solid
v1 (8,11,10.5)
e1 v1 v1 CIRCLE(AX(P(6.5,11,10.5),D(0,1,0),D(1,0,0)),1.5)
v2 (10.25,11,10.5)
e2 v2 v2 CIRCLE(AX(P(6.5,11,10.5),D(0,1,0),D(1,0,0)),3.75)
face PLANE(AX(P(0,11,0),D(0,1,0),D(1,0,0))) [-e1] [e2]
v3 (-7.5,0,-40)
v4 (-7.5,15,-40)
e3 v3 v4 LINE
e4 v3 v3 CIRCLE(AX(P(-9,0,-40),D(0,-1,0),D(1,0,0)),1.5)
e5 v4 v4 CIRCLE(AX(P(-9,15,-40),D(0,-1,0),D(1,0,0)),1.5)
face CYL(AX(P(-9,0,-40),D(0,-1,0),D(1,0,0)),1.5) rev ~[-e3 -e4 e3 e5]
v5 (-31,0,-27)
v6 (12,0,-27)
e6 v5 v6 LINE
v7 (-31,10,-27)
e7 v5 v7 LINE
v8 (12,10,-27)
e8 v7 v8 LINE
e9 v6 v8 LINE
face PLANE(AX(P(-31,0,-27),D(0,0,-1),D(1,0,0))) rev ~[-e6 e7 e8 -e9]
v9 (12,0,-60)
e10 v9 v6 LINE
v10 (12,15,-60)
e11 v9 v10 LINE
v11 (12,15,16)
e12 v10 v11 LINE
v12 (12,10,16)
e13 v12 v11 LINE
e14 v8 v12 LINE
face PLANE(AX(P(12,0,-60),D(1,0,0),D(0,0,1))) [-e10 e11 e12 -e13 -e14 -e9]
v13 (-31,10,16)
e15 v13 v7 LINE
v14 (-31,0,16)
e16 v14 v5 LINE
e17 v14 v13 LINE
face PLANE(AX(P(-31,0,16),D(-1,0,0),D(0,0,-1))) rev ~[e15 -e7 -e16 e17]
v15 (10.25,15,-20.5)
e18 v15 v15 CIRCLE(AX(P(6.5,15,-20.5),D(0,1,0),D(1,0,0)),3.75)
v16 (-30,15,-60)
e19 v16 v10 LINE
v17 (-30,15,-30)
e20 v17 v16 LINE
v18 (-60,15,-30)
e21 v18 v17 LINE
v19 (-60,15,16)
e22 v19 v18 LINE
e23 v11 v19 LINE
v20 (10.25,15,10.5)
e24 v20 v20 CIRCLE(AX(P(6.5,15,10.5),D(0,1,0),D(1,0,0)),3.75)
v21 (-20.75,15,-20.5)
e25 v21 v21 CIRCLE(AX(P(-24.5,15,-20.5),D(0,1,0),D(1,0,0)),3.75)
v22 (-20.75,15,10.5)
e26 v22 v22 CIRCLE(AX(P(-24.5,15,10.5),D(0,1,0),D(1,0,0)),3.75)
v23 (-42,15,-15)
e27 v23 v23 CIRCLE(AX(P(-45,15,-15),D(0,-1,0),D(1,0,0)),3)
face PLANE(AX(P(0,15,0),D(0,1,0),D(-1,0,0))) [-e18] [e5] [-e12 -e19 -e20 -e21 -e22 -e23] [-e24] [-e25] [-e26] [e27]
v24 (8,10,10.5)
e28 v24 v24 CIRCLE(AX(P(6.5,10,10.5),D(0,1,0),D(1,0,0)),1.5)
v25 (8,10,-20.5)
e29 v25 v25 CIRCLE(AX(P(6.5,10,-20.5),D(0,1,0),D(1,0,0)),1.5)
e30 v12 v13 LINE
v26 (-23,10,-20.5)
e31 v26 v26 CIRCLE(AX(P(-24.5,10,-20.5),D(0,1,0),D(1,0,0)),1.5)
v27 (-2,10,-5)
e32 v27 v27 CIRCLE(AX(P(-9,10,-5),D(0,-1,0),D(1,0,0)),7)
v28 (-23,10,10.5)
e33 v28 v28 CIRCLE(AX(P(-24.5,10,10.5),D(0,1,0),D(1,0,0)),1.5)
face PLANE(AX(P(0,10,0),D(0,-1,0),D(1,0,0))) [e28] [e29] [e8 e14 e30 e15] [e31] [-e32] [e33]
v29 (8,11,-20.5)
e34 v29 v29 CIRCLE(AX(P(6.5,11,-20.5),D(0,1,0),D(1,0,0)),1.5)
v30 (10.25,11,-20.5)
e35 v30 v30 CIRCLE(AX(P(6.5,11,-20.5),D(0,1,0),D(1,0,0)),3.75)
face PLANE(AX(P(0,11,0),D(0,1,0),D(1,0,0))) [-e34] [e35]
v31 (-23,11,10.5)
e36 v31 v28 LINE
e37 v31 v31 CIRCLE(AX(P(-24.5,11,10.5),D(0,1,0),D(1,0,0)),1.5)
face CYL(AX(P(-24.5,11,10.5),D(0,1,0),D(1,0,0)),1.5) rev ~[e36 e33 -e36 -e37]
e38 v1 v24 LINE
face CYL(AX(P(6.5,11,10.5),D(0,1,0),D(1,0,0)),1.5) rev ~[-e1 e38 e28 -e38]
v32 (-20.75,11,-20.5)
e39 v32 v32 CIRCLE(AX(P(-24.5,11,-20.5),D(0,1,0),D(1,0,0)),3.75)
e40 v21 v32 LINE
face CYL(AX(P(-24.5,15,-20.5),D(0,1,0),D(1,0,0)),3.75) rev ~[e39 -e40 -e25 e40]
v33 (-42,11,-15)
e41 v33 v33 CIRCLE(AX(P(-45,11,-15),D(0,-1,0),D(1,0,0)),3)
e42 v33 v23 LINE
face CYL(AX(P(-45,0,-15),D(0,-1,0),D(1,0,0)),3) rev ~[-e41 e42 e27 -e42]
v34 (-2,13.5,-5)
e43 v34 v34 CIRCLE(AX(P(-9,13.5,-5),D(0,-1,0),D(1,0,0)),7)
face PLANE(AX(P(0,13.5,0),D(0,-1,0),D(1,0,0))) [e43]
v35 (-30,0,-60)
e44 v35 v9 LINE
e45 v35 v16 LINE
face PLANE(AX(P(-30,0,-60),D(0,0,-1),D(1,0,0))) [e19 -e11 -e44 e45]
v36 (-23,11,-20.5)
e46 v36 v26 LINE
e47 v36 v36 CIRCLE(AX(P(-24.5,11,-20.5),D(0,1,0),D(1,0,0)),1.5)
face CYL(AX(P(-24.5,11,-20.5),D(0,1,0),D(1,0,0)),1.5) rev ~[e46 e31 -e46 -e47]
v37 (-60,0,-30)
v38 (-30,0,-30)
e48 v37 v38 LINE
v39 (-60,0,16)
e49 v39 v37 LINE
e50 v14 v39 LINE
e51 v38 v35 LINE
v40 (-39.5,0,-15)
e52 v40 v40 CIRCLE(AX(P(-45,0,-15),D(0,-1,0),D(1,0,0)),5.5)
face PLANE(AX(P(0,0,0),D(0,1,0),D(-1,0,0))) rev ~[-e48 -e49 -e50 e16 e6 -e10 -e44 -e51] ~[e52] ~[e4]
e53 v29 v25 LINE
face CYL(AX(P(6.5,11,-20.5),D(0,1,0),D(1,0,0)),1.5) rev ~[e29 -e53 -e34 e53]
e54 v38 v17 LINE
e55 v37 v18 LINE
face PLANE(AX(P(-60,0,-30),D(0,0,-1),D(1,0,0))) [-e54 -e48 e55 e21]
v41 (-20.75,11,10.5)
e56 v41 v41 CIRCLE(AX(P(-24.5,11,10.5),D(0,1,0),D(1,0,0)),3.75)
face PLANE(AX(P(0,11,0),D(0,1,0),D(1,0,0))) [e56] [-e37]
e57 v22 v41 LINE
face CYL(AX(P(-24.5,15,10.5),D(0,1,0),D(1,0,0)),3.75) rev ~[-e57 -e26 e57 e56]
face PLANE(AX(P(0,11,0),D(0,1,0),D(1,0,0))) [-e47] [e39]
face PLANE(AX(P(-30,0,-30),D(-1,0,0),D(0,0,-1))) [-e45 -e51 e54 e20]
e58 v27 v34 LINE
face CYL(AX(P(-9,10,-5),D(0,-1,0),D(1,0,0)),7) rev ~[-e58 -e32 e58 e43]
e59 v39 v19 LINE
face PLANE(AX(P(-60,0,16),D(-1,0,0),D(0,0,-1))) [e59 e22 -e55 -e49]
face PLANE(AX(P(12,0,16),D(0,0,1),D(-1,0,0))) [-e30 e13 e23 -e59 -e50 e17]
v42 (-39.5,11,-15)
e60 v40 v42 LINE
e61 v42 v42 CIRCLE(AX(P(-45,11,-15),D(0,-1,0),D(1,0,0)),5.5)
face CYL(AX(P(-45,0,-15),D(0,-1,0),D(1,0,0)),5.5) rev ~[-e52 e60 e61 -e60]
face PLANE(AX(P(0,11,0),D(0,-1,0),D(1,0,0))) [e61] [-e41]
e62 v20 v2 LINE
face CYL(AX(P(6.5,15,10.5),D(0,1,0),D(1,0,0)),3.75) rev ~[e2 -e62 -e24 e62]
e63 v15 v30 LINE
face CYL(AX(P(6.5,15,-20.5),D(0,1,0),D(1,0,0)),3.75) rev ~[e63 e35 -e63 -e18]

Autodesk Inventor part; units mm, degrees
ref_plane "YZ Plane" through (0, 0, 0) normal (1, 0, 0) x (0, 1, 0)
ref_plane "XZ Plane" through (0, 0, 0) normal (0, 1, 0) x (-1, 0, 0)
ref_plane "XY Plane" through (0, 0, 0) normal (0, 0, 1) x (1, 0, 0)
sketch "Sketch1" plane through (0, 0, 0) normal (0, 1, 0) x (-1, 0, 0)
  line L0 (-12, 16) -> (60, 16)
  line L1 (60, 16) -> (60, -30)
  line L2 (60, -30) -> (30, -30)
  line L3 (30, -30) -> (30, -60)
  line L4 (30, -60) -> (-12, -60)
  line L5 (-12, -60) -> (-12, 16)
  dimension "d0" = 72
  dimension "d1" = 46
  dimension "d2" = 30
  dimension "d3" = 30
  dimension "d4" = 42
extrude "Extrusion1" add sketch "Sketch1" along normal blind 15
sketch "Sketch13" plane through (0, 15, 0) normal (0, 1, 0) x (1, 0, 0)
  circle A0 centre (6.5, -10.5) radius 3.75
  circle A1 centre (-24.5, -10.5) radius 3.75
  circle A2 centre (6.5, 20.5) radius 3.75
  circle A3 centre (-24.5, 20.5) radius 3.75
  line L0 (-60, -16) -> (12, -16) projected
  point P0 (0, 0)
  dimension "d57" = 7.5
  dimension "d58" = 7.5
  dimension "d59" = 7.5
  dimension "d60" = 7.5
  dimension "d68" = 5.5
  dimension "d69" = 31
extrude "Extrusion7" cut sketch "Sketch13" against normal blind 4
sketch "Sketch14" plane through (6.5, 11, 10.5) normal (0, 1, 0) x (1, 0, 0)
  circle A0 centre (0, 0) radius 1.5
  circle A1 centre (-31, 0) radius 1.5
  circle A2 centre (0, 31) radius 3.75 projected
  circle A3 centre (0, 31) radius 1.5
  circle A4 centre (-31, 31) radius 1.5
  point P0 (-6.5, 10.5)
  dimension "d63" = 3
  dimension "d64" = 3
  dimension "d65" = 3
extrude "Extrusion8" cut sketch "Sketch14" against normal up to next contours A0 | A1 | A3 | A4
sketch "Sketch15" plane through (0, 0, 0) normal (0, -1, 0) x (1, 0, 0)
  circle A0 centre (-45, -15) radius 3
  circle A1 centre (-9, -40) radius 1.5
  line L0 (-30, -60) -> (12, -60) projected
  point P0 (0, 0)
  dimension "d72" = 6
  dimension "d73" = 3
  dimension "d89" = 20
extrude "Extrusion10" cut sketch "Sketch15" against normal up to next
sketch "Sketch16" plane through (0, 0, 0) normal (0, -1, 0) x (1, 0, 0)
  circle A0 centre (-9, -5) radius 7
  point P0 (0, 0)
  dimension "d79" = 14
extrude "Extrusion11" cut sketch "Sketch16" against normal blind 4
sketch "Sketch17" plane through (0, 0, 0) normal (0, -1, 0) x (1, 0, 0)
  line L0 (12, 16) -> (-31, 16)
  line L1 (-31, 16) -> (-31, -27)
  line L2 (-31, -27) -> (12, -27)
  line L3 (12, -27) -> (12, 16)
  point P0 (0, 0)
  dimension "d82" = 43
  dimension "d83" = 43
extrude "Extrusion12" cut sketch "Sketch17" against normal blind 10
sketch "Sketch18" plane through (0, 10, 0) normal (0, -1, 0) x (1, 0, 0)
  circle A0 centre (-9, -5) radius 7
  point P0 (0, 0)
  dimension "d86" = 14
extrude "Extrusion13" cut sketch "Sketch18" against normal blind 3.5
sketch "Sketch19" plane through (0, 0, 0) normal (0, -1, 0) x (1, 0, 0)
  circle A0 centre (-45, -15) radius 5.5
  point P0 (0, 0)
  dimension "d90" = 11
extrude "Extrusion14" cut sketch "Sketch19" against normal blind 11
sketch "Sketch3" plane through (0, 15, 0) normal (0, 1, 0) x (1, 0, 0)
  point P0 (-45, 15)
properties part number "wooden1" material "Aluminum 6061"
